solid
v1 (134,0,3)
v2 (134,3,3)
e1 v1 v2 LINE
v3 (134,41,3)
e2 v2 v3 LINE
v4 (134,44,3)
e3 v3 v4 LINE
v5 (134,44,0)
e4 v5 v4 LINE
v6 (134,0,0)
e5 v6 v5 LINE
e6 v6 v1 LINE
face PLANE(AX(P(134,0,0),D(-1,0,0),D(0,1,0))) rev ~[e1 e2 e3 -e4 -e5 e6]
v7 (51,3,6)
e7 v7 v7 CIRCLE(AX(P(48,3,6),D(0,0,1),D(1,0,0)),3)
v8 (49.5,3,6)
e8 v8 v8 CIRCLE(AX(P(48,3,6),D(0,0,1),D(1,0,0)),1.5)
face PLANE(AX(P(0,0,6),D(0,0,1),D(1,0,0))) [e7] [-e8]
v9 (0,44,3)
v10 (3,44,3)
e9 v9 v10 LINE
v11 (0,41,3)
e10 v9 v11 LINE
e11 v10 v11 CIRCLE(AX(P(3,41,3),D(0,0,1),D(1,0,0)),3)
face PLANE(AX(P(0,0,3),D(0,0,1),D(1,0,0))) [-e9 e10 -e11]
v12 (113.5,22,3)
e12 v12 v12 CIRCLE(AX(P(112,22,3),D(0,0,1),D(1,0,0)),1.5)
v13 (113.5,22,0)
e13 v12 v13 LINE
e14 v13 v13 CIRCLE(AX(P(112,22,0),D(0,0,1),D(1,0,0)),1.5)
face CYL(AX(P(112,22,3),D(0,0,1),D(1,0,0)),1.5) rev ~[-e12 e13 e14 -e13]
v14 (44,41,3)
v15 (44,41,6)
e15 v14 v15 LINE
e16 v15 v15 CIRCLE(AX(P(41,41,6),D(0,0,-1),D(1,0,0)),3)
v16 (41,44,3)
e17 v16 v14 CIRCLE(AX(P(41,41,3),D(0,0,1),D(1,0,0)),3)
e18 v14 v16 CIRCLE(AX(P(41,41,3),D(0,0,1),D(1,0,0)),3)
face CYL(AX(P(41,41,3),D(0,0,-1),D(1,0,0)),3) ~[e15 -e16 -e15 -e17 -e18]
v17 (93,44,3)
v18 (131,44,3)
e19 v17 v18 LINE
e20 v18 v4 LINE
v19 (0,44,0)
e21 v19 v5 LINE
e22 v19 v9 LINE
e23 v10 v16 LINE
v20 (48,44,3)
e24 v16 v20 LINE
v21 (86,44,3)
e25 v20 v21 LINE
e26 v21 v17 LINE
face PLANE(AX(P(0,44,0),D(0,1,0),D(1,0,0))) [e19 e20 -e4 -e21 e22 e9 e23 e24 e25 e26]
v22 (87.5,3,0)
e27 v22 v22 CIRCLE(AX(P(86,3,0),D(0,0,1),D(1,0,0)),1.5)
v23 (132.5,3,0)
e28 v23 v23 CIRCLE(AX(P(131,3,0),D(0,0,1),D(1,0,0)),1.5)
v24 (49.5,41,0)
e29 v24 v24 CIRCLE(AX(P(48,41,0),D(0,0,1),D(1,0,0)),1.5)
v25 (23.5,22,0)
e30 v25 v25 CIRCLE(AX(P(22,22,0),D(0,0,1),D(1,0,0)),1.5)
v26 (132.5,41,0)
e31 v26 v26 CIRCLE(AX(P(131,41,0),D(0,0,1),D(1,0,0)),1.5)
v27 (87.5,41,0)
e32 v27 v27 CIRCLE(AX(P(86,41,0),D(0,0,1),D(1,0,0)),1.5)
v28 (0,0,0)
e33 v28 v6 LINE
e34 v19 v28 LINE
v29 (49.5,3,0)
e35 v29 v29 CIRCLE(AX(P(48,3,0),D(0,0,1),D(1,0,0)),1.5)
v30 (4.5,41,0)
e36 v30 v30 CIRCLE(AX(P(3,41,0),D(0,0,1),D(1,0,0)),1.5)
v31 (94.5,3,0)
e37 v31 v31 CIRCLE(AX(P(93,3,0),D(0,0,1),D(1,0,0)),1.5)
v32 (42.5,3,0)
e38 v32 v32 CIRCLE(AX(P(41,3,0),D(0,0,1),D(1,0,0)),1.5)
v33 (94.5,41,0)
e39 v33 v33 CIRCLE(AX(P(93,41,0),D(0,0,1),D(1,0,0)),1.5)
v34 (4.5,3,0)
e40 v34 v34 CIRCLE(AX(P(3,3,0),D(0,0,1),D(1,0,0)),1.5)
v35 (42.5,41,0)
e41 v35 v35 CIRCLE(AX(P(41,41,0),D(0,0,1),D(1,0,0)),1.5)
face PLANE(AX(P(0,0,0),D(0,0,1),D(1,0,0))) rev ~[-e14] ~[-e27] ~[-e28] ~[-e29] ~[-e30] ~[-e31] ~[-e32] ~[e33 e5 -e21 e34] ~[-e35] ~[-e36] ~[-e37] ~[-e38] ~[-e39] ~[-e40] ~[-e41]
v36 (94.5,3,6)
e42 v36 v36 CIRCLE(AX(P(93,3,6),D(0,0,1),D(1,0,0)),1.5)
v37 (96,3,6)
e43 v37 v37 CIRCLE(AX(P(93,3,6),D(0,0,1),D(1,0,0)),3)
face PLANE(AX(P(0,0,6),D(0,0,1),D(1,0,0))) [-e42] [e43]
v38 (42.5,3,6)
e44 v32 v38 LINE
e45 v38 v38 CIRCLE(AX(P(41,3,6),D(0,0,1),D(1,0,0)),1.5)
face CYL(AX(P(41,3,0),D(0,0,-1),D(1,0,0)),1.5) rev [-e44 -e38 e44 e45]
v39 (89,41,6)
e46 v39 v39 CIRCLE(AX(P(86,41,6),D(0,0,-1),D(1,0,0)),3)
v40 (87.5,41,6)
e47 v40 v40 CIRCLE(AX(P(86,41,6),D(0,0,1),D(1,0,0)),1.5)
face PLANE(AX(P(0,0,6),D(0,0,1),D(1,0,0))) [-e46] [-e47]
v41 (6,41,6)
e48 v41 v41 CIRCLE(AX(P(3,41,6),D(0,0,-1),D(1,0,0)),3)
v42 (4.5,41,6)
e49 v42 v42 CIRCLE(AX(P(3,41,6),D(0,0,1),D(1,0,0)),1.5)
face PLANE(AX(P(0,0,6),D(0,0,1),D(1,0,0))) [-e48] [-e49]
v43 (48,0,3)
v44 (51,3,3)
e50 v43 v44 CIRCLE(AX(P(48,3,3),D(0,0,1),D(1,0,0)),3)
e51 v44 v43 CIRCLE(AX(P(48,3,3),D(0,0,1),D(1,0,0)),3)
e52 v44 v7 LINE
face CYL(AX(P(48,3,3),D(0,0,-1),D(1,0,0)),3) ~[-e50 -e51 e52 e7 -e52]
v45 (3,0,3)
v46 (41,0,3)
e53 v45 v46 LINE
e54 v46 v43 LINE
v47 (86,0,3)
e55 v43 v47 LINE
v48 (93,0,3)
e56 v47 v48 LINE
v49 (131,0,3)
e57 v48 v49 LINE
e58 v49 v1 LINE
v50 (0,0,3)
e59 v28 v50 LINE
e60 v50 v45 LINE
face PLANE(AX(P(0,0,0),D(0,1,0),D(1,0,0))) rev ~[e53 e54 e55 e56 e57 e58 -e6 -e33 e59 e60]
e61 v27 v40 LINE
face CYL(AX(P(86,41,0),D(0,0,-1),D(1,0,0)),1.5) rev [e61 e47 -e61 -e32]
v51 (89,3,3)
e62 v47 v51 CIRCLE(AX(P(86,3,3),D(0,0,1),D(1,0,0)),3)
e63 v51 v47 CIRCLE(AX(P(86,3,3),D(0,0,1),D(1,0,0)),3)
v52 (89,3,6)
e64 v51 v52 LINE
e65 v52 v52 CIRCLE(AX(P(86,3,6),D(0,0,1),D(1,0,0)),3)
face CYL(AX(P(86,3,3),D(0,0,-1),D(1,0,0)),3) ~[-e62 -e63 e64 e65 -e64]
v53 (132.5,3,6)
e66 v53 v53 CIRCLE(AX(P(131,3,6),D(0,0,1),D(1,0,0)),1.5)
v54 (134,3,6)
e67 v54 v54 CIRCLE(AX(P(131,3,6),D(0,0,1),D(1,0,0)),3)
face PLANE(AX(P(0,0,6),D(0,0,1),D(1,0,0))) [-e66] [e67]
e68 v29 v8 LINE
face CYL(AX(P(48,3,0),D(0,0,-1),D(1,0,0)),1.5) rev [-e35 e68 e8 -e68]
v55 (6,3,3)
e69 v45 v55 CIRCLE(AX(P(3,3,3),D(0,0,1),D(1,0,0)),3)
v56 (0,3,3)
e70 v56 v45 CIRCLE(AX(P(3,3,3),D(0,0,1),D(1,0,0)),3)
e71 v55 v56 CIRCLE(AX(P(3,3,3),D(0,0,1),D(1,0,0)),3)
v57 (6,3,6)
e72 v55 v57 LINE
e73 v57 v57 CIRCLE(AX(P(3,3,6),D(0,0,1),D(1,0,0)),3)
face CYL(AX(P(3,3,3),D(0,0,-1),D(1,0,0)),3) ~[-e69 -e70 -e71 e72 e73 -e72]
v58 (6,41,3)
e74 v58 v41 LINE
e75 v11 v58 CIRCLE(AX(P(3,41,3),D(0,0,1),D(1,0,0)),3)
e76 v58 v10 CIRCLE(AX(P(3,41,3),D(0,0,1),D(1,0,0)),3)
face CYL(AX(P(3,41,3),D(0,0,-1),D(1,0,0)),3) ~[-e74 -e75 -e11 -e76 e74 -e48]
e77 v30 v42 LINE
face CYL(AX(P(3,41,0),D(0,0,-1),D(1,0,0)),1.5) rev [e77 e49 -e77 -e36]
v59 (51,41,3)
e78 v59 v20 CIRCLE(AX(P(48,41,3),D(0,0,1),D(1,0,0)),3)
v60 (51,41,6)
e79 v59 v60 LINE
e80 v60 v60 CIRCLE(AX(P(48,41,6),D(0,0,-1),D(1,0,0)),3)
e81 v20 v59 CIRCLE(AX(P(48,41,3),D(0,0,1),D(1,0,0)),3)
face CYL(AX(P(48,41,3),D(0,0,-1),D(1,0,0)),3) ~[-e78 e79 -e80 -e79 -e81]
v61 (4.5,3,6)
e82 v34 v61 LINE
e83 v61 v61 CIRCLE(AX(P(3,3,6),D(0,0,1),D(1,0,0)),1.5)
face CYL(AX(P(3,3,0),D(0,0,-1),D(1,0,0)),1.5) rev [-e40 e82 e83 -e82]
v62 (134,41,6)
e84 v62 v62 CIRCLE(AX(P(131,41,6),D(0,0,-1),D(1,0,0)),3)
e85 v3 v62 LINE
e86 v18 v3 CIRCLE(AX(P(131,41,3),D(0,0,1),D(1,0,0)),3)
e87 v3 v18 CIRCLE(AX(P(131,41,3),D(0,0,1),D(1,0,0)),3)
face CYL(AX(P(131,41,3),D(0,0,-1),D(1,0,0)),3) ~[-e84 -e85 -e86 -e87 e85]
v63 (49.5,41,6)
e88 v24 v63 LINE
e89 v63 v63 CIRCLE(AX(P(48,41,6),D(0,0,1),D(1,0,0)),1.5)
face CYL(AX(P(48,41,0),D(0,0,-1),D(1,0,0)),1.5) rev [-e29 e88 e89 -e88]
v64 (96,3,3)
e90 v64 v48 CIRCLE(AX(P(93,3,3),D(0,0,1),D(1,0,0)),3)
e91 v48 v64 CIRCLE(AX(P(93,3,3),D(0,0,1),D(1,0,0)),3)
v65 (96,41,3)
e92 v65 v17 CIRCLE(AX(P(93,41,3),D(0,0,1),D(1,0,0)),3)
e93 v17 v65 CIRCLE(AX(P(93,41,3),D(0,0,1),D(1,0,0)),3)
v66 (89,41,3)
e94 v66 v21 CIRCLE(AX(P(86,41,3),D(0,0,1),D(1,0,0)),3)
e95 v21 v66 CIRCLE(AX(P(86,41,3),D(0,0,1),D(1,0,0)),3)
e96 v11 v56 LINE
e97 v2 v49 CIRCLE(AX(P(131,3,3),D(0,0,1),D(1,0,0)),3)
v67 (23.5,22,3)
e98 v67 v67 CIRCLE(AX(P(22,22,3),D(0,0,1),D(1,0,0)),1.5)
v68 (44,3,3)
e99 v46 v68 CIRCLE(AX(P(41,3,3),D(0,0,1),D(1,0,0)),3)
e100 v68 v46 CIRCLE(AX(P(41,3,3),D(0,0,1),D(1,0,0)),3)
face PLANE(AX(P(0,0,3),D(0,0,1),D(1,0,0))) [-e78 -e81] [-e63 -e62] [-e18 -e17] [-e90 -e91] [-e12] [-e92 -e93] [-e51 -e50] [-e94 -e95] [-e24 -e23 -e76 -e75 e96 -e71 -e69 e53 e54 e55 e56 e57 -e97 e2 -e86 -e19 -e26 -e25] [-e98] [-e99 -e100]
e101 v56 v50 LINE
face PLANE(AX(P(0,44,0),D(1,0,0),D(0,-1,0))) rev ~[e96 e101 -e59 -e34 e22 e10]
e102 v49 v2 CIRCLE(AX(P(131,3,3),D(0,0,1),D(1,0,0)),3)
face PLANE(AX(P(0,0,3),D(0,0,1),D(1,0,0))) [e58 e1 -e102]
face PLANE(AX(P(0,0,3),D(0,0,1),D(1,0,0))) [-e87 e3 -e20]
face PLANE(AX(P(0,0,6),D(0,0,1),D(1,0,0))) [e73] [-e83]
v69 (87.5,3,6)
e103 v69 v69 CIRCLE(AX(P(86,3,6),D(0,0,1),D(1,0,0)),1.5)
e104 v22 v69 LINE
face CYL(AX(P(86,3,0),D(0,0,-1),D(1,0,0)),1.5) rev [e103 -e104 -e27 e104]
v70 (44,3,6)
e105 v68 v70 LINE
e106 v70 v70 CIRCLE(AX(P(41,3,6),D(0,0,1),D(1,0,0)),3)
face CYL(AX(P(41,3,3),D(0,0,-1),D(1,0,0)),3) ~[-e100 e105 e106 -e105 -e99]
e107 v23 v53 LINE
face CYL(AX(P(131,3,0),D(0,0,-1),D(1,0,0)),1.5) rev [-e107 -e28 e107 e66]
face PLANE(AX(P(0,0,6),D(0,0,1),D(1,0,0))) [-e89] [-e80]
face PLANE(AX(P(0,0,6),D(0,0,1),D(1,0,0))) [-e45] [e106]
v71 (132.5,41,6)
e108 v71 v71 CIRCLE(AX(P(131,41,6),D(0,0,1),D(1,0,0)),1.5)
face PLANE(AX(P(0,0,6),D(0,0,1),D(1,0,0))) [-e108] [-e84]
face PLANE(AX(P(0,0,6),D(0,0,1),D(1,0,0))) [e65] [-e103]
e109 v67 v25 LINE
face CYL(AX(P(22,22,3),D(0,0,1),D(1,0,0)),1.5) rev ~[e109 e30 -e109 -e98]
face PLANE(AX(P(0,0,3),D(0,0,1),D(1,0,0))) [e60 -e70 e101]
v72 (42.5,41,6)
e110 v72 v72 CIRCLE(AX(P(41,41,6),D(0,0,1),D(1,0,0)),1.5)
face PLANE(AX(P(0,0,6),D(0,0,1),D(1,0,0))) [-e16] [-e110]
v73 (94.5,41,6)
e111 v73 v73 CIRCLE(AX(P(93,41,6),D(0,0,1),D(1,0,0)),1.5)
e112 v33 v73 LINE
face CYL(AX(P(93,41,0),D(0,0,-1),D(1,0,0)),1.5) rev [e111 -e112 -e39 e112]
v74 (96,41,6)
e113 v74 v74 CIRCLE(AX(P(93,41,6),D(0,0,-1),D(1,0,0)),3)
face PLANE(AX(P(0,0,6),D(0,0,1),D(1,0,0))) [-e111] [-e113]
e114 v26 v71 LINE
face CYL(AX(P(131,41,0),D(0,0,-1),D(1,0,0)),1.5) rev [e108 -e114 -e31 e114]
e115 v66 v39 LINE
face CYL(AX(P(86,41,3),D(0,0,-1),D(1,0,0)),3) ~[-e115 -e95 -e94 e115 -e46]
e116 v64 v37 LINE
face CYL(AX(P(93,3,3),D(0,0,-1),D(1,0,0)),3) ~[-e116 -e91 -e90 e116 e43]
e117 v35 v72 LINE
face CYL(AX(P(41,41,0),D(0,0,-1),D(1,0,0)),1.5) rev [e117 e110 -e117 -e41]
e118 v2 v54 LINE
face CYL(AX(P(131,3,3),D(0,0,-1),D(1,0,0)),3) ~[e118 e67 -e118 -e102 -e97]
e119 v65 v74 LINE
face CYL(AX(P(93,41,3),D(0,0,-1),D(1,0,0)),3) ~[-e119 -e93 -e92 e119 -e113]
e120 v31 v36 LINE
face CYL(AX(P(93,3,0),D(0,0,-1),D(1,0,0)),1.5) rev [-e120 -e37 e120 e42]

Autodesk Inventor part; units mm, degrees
ref_plane "YZ Plane" through (0, 0, 0) normal (1, 0, 0) x (0, 1, 0)
ref_plane "XZ Plane" through (0, 0, 0) normal (0, 1, 0) x (-1, 0, 0)
ref_plane "XY Plane" through (0, 0, 0) normal (0, 0, 1) x (1, 0, 0)
sketch "Sketch1" plane through (0, 0, 0) normal (0, 0, 1) x (1, 0, 0)
  line L0 (0, 44) -> (44, 44) construction
  line L1 (44, 44) -> (44, 0) construction
  line L2 (44, 0) -> (0, 0) construction
  line L3 (0, 0) -> (0, 44) construction
  line L4 (3, 41) -> (41, 41) construction
  line L5 (41, 41) -> (41, 3) construction
  line L6 (41, 3) -> (3, 3) construction
  line L7 (3, 3) -> (3, 41) construction
  circle A0 centre (3, 41) radius 1.5
  circle A1 centre (41, 41) radius 1.5
  circle A2 centre (41, 3) radius 1.5
  circle A3 centre (3, 3) radius 1.5
  line L8 (44, 3) -> (44, 44) construction
  line L9 (48, 41) -> (86, 41) construction
  line L10 (86, 41) -> (86, 3) construction
  line L11 (86, 3) -> (48, 3) construction
  line L12 (48, 3) -> (48, 41) construction
  circle A4 centre (48, 41) radius 1.5
  circle A5 centre (48, 3) radius 1.5
  circle A6 centre (86, 3) radius 1.5
  circle A7 centre (86, 41) radius 1.5
  line L13 (45, 44) -> (89, 44) construction
  line L14 (89, 44) -> (89, 0) construction
  line L15 (89, 0) -> (45, 0) construction
  line L16 (45, 0) -> (45, 44) construction
  line L17 (90, 44) -> (134, 44) construction
  line L18 (134, 44) -> (134, 0) construction
  line L19 (134, 0) -> (90, 0) construction
  line L20 (90, 0) -> (90, 44) construction
  line L21 (93, 41) -> (131, 41) construction
  line L22 (131, 41) -> (131, 3) construction
  line L23 (131, 3) -> (93, 3) construction
  line L24 (93, 3) -> (93, 41) construction
  circle A8 centre (93, 41) radius 1.5
  circle A9 centre (131, 41) radius 1.5
  circle A10 centre (131, 3) radius 1.5
  circle A11 centre (93, 3) radius 1.5
  line L25 (0, 0) -> (134, 0)
  line L26 (134, 0) -> (134, 44)
  line L27 (0, 44) -> (0, 0)
  line L28 (0, 44) -> (134, 44)
  point P0 (0, 0)
  point P1 (22, 41)
  point P2 (41, 22)
  point P3 (44, 22)
  point P4 (22, 44)
  point P5 (67, 41)
  point P6 (67, 44)
  point P7 (86, 22)
  point P8 (89, 22)
  point P9 (112, 41)
  point P10 (112, 44)
  point P11 (131, 22)
  point P12 (134, 22)
  dimension "d9" = 44
  dimension "d10" = 44
  dimension "d11" = 38
  dimension "d12" = 38
  dimension "d17" = 3
  dimension "d18" = 3
  dimension "d19" = 3
  dimension "d20" = 3
  dimension "d33" = 38
  dimension "d34" = 38
  dimension "d35" = 3
  dimension "d36" = 3
  dimension "d37" = 3
  dimension "d38" = 3
  dimension "d39" = 44
  dimension "d40" = 44
  dimension "d41" = 1
  dimension "d42" = 44
  dimension "d43" = 44
  dimension "d44" = 38
  dimension "d45" = 38
  dimension "d46" = 1
  dimension "d47" = 3
  dimension "d48" = 3
  dimension "d49" = 3
  dimension "d50" = 3
extrude "Extrusion1" add sketch "Sketch1" along normal blind 3
sketch "Sketch2" plane through (0, 0, 3) normal (0, 0, 1) x (1, 0, 0)
  circle A0 centre (93, 3) radius 1.5 projected
  circle A1 centre (131, 3) radius 1.5 projected
  circle A2 centre (131, 41) radius 1.5 projected
  circle A3 centre (93, 41) radius 1.5 projected
  circle A4 centre (86, 41) radius 1.5 projected
  circle A5 centre (86, 3) radius 1.5 projected
  circle A6 centre (48, 3) radius 1.5 projected
  circle A7 centre (48, 41) radius 1.5 projected
  circle A8 centre (3, 3) radius 1.5 projected
  circle A9 centre (41, 3) radius 1.5 projected
  circle A10 centre (41, 41) radius 1.5 projected
  circle A11 centre (3, 41) radius 1.5 projected
  line L0 (0, 44) -> (0, 0) construction
  line L1 (0, 0) -> (134, 0) construction
  line L2 (134, 0) -> (134, 44) construction
  circle A12 centre (131, 41) radius 1.5 projected
  circle A13 centre (131, 41) radius 3
  circle A14 centre (131, 3) radius 3
  circle A15 centre (93, 3) radius 3
  circle A16 centre (86, 3) radius 3
  circle A17 centre (48, 3) radius 3
  circle A18 centre (41, 3) radius 1.5 projected
  circle A19 centre (41, 3) radius 3
  circle A20 centre (3, 3) radius 1.5 projected
  circle A21 centre (3, 3) radius 3
  circle A22 centre (3, 41) radius 1.5 projected
  circle A23 centre (3, 41) radius 3
  circle A24 centre (41, 41) radius 1.5 projected
  circle A25 centre (41, 41) radius 3
  circle A26 centre (48, 41) radius 1.5 projected
  circle A27 centre (48, 41) radius 3
  circle A28 centre (93, 41) radius 3
  circle A29 centre (86, 41) radius 3
  line L3 (134, 44) -> (0, 44) projected
  point P0 (0, 0)
  dimension "d70" = 6
  dimension "d71" = 6
  dimension "d72" = 6
  dimension "d73" = 6
  dimension "d74" = 6
  dimension "d75" = 6
  dimension "d76" = 6
  dimension "d77" = 6
  dimension "d79" = 6
  dimension "d80" = 6
  dimension "d83" = 6
  dimension "d84" = 6
extrude "Extrusion2" add sketch "Sketch2" along normal blind 3
sketch "Sketch8" plane through (0, 0, 3) normal (0, 0, 1) x (1, 0, 0)
  circle A0 centre (22, 22) radius 1.5
  circle A1 centre (112, 22) radius 1.5
  circle A2 centre (3, 41) radius 1.5 construction
  line L0 (3, 41) -> (3, 3) construction
  line L1 (3, 41) -> (41, 41) construction
  circle A3 centre (93, 41) radius 1.5 construction
  line L2 (93, 41) -> (131, 41) construction
  circle A4 centre (41, 41) radius 1.5 construction
  circle A5 centre (131, 41) radius 1.5 construction
  circle A6 centre (3, 3) radius 1.5 construction
  point P0 (0, 0)
  point P1 (3, 22)
  point P2 (112, 41)
  point P3 (22, 41)
  dimension "d117" = 3
  dimension "d118" = 3
extrude "Extrusion8" cut sketch "Sketch8" against normal through all
properties part number "BP003" material "ABS Plastic"
